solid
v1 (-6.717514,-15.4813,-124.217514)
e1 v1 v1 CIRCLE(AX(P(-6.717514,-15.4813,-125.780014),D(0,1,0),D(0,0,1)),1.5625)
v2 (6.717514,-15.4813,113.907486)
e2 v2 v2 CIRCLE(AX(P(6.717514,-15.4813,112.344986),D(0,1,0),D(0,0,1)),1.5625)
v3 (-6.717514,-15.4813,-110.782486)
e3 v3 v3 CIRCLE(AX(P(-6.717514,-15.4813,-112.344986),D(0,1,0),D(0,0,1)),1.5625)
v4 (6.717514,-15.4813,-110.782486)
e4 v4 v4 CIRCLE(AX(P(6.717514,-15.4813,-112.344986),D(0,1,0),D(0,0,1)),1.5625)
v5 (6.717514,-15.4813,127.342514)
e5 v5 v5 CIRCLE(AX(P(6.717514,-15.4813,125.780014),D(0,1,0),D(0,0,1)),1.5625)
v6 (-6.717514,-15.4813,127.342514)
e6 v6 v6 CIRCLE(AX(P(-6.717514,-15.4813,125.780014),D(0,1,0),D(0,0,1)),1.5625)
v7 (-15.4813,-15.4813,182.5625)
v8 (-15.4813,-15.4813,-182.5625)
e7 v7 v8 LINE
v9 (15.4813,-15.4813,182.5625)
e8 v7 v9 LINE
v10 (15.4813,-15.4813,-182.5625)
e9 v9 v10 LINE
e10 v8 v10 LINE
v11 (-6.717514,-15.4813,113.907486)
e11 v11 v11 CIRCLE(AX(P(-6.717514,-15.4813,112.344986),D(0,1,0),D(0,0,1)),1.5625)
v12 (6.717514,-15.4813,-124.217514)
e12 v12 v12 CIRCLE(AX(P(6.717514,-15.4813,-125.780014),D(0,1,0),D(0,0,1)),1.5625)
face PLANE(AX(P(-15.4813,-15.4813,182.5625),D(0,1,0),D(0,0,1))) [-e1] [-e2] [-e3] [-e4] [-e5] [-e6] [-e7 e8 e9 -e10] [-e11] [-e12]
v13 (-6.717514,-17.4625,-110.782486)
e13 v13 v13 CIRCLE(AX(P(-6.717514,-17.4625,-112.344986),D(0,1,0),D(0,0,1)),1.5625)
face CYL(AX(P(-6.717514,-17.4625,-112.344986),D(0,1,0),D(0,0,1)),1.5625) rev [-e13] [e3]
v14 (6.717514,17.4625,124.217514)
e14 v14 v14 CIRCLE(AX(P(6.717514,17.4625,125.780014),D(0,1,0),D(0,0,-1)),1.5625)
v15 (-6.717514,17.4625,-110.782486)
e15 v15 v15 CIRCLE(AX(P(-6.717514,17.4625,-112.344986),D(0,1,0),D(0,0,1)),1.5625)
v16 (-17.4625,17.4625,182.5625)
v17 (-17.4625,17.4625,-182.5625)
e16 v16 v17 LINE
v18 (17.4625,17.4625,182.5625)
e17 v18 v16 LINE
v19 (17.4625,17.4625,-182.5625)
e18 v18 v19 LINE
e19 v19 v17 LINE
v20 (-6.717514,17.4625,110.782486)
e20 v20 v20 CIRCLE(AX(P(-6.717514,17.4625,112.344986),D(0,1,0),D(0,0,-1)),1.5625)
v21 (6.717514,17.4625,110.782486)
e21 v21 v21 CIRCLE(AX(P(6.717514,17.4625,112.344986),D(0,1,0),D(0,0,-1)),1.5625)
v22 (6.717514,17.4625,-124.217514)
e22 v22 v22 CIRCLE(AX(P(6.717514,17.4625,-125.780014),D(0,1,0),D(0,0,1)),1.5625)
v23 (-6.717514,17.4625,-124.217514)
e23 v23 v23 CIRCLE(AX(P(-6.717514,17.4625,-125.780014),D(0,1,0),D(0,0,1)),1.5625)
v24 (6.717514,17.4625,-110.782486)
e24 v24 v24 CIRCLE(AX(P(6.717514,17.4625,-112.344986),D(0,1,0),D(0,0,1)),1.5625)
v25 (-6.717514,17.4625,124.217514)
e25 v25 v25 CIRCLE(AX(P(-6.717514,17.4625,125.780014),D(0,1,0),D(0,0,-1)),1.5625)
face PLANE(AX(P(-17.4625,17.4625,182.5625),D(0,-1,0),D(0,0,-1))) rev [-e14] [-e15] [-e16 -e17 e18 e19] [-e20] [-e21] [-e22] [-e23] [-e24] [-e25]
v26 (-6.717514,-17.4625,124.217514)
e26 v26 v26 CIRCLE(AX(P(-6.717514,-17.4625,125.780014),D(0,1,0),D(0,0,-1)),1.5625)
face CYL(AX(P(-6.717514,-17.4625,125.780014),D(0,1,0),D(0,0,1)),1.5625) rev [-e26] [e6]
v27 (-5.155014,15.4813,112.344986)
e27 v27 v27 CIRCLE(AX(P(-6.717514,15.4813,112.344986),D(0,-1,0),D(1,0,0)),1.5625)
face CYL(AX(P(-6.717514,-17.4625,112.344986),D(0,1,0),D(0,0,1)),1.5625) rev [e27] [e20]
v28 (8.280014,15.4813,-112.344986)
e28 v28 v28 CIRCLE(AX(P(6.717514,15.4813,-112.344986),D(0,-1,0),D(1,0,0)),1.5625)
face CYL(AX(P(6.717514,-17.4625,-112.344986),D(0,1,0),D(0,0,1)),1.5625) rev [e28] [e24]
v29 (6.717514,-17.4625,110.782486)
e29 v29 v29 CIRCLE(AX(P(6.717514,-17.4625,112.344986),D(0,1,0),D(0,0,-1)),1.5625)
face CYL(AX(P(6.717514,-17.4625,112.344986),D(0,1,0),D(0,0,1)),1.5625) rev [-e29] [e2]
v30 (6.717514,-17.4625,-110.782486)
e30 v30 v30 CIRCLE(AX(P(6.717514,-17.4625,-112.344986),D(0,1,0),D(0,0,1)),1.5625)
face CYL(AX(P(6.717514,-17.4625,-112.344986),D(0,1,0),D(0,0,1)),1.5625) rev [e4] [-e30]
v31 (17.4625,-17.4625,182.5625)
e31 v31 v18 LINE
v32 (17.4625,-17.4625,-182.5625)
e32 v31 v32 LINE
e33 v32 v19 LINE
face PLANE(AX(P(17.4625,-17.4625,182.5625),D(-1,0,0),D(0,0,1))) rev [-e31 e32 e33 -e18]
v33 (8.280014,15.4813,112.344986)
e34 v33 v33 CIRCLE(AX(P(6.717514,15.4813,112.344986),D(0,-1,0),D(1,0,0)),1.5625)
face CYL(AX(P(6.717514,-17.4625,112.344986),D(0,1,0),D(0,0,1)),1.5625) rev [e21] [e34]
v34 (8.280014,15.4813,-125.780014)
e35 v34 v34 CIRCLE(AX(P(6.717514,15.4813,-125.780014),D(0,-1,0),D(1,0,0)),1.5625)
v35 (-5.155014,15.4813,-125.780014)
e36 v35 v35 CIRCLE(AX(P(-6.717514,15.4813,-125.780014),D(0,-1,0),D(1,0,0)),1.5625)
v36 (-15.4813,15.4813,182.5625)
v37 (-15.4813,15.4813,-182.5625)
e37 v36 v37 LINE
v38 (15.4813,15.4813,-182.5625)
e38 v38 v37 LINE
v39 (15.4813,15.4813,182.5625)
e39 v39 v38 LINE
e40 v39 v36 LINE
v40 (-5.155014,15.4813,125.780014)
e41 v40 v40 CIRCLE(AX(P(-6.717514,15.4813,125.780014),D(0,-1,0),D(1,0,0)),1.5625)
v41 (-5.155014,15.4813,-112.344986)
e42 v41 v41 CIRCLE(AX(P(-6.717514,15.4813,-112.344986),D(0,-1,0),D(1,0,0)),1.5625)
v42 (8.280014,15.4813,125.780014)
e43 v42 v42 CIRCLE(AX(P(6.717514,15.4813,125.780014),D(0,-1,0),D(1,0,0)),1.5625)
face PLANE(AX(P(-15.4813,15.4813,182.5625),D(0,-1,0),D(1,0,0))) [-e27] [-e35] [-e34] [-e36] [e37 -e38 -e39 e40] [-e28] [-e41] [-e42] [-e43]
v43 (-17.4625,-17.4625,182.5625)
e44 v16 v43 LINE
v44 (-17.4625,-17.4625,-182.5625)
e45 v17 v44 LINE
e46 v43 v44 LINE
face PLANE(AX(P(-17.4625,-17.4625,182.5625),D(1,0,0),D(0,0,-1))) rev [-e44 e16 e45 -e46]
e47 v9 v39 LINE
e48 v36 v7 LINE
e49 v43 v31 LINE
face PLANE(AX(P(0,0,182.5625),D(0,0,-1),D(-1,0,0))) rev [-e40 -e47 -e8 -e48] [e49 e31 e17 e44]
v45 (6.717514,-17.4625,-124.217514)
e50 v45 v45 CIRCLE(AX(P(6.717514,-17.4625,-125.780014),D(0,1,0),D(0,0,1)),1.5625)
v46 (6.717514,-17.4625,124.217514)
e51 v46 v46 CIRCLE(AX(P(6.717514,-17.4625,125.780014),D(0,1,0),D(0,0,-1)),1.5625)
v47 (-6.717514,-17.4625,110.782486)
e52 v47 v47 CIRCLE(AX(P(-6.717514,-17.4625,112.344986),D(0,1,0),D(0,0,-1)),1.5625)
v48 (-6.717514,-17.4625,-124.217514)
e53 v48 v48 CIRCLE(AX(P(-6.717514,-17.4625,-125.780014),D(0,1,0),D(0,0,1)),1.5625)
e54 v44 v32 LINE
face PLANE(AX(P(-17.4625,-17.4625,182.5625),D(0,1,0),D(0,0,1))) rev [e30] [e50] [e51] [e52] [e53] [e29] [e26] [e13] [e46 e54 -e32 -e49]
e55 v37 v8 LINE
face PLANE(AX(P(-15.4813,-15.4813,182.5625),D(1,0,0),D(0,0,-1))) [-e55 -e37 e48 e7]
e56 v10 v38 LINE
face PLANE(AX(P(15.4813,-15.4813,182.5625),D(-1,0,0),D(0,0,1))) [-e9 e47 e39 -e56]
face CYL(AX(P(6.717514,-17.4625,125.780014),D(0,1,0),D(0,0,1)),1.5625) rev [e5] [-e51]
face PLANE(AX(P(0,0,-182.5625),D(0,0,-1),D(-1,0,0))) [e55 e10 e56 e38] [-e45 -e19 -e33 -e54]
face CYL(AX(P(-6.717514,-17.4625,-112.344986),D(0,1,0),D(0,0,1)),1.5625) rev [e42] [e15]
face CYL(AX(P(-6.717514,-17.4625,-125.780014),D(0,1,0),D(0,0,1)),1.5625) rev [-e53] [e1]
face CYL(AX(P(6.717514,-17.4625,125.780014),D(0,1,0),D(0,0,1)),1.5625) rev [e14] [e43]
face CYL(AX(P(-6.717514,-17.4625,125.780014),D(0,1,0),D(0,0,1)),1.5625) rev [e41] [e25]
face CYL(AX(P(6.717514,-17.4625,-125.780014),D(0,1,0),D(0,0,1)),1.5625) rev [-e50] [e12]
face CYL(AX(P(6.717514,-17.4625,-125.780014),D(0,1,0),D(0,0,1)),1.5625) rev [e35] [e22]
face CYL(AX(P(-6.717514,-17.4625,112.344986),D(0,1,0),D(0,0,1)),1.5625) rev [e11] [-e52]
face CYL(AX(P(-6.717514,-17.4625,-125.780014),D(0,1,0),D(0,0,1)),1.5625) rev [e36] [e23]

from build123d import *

# Parameters (mm, degrees)
SKETCH1_W               = 34.925
SKETCH1_H               = 34.925
SKETCH1_W_2             = 30.9626
SKETCH1_H_2             = 30.9626
BOSS_EXTRUDE1_DEPTH     = 182.5625
CUT_EXTRUDE1_DEPTH      = 185.22525402
CUT_EXTRUDE1_DEPTH_BACK = 185.22525402
SKETCH2_R               = 1.56250005


with BuildPart() as part:
    # Sketch1 → Boss-Extrude1 (new, symmetric)
    with BuildSketch(Plane.XY):
        Rectangle(SKETCH1_W, SKETCH1_H)
        Rectangle(SKETCH1_W_2, SKETCH1_H_2, mode=Mode.SUBTRACT)
    extrude(amount=BOSS_EXTRUDE1_DEPTH, both=True)

    # Sketch2 → Cut-Extrude1 (cut, two sides: drawn at the far end of the back side and taken through both)
    with BuildSketch(Plane(origin=(0, 0, 0), x_dir=(1, 0, 0), z_dir=(0, 1, 0)).offset(-CUT_EXTRUDE1_DEPTH_BACK)):
        with Locations(Location((-6.717514421, 125.780014421, 0), (0, 0, 270))):
            Circle(SKETCH2_R)
        with Locations(Location((6.717514421, 125.780014421, 0), (0, 0, 270))):
            Circle(SKETCH2_R)
        with Locations(Location((6.717514421, 112.344985579, 0), (0, 0, 270))):
            Circle(SKETCH2_R)
        with Locations(Location((-6.717514421, 112.344985579, 0), (0, 0, 270))):
            Circle(SKETCH2_R)
        with Locations(Location((-6.717514421, -112.344985579, 0), (0, 0, 270))):
            Circle(SKETCH2_R)
        with Locations(Location((6.717514421, -112.344985579, 0), (0, 0, 270))):
            Circle(SKETCH2_R)
        with Locations(Location((6.717514421, -125.780014421, 0), (0, 0, 270))):
            Circle(SKETCH2_R)
        with Locations(Location((-6.717514421, -125.780014421, 0), (0, 0, 270))):
            Circle(SKETCH2_R)
    extrude(amount=CUT_EXTRUDE1_DEPTH + CUT_EXTRUDE1_DEPTH_BACK, mode=Mode.SUBTRACT)


solid = part.part
